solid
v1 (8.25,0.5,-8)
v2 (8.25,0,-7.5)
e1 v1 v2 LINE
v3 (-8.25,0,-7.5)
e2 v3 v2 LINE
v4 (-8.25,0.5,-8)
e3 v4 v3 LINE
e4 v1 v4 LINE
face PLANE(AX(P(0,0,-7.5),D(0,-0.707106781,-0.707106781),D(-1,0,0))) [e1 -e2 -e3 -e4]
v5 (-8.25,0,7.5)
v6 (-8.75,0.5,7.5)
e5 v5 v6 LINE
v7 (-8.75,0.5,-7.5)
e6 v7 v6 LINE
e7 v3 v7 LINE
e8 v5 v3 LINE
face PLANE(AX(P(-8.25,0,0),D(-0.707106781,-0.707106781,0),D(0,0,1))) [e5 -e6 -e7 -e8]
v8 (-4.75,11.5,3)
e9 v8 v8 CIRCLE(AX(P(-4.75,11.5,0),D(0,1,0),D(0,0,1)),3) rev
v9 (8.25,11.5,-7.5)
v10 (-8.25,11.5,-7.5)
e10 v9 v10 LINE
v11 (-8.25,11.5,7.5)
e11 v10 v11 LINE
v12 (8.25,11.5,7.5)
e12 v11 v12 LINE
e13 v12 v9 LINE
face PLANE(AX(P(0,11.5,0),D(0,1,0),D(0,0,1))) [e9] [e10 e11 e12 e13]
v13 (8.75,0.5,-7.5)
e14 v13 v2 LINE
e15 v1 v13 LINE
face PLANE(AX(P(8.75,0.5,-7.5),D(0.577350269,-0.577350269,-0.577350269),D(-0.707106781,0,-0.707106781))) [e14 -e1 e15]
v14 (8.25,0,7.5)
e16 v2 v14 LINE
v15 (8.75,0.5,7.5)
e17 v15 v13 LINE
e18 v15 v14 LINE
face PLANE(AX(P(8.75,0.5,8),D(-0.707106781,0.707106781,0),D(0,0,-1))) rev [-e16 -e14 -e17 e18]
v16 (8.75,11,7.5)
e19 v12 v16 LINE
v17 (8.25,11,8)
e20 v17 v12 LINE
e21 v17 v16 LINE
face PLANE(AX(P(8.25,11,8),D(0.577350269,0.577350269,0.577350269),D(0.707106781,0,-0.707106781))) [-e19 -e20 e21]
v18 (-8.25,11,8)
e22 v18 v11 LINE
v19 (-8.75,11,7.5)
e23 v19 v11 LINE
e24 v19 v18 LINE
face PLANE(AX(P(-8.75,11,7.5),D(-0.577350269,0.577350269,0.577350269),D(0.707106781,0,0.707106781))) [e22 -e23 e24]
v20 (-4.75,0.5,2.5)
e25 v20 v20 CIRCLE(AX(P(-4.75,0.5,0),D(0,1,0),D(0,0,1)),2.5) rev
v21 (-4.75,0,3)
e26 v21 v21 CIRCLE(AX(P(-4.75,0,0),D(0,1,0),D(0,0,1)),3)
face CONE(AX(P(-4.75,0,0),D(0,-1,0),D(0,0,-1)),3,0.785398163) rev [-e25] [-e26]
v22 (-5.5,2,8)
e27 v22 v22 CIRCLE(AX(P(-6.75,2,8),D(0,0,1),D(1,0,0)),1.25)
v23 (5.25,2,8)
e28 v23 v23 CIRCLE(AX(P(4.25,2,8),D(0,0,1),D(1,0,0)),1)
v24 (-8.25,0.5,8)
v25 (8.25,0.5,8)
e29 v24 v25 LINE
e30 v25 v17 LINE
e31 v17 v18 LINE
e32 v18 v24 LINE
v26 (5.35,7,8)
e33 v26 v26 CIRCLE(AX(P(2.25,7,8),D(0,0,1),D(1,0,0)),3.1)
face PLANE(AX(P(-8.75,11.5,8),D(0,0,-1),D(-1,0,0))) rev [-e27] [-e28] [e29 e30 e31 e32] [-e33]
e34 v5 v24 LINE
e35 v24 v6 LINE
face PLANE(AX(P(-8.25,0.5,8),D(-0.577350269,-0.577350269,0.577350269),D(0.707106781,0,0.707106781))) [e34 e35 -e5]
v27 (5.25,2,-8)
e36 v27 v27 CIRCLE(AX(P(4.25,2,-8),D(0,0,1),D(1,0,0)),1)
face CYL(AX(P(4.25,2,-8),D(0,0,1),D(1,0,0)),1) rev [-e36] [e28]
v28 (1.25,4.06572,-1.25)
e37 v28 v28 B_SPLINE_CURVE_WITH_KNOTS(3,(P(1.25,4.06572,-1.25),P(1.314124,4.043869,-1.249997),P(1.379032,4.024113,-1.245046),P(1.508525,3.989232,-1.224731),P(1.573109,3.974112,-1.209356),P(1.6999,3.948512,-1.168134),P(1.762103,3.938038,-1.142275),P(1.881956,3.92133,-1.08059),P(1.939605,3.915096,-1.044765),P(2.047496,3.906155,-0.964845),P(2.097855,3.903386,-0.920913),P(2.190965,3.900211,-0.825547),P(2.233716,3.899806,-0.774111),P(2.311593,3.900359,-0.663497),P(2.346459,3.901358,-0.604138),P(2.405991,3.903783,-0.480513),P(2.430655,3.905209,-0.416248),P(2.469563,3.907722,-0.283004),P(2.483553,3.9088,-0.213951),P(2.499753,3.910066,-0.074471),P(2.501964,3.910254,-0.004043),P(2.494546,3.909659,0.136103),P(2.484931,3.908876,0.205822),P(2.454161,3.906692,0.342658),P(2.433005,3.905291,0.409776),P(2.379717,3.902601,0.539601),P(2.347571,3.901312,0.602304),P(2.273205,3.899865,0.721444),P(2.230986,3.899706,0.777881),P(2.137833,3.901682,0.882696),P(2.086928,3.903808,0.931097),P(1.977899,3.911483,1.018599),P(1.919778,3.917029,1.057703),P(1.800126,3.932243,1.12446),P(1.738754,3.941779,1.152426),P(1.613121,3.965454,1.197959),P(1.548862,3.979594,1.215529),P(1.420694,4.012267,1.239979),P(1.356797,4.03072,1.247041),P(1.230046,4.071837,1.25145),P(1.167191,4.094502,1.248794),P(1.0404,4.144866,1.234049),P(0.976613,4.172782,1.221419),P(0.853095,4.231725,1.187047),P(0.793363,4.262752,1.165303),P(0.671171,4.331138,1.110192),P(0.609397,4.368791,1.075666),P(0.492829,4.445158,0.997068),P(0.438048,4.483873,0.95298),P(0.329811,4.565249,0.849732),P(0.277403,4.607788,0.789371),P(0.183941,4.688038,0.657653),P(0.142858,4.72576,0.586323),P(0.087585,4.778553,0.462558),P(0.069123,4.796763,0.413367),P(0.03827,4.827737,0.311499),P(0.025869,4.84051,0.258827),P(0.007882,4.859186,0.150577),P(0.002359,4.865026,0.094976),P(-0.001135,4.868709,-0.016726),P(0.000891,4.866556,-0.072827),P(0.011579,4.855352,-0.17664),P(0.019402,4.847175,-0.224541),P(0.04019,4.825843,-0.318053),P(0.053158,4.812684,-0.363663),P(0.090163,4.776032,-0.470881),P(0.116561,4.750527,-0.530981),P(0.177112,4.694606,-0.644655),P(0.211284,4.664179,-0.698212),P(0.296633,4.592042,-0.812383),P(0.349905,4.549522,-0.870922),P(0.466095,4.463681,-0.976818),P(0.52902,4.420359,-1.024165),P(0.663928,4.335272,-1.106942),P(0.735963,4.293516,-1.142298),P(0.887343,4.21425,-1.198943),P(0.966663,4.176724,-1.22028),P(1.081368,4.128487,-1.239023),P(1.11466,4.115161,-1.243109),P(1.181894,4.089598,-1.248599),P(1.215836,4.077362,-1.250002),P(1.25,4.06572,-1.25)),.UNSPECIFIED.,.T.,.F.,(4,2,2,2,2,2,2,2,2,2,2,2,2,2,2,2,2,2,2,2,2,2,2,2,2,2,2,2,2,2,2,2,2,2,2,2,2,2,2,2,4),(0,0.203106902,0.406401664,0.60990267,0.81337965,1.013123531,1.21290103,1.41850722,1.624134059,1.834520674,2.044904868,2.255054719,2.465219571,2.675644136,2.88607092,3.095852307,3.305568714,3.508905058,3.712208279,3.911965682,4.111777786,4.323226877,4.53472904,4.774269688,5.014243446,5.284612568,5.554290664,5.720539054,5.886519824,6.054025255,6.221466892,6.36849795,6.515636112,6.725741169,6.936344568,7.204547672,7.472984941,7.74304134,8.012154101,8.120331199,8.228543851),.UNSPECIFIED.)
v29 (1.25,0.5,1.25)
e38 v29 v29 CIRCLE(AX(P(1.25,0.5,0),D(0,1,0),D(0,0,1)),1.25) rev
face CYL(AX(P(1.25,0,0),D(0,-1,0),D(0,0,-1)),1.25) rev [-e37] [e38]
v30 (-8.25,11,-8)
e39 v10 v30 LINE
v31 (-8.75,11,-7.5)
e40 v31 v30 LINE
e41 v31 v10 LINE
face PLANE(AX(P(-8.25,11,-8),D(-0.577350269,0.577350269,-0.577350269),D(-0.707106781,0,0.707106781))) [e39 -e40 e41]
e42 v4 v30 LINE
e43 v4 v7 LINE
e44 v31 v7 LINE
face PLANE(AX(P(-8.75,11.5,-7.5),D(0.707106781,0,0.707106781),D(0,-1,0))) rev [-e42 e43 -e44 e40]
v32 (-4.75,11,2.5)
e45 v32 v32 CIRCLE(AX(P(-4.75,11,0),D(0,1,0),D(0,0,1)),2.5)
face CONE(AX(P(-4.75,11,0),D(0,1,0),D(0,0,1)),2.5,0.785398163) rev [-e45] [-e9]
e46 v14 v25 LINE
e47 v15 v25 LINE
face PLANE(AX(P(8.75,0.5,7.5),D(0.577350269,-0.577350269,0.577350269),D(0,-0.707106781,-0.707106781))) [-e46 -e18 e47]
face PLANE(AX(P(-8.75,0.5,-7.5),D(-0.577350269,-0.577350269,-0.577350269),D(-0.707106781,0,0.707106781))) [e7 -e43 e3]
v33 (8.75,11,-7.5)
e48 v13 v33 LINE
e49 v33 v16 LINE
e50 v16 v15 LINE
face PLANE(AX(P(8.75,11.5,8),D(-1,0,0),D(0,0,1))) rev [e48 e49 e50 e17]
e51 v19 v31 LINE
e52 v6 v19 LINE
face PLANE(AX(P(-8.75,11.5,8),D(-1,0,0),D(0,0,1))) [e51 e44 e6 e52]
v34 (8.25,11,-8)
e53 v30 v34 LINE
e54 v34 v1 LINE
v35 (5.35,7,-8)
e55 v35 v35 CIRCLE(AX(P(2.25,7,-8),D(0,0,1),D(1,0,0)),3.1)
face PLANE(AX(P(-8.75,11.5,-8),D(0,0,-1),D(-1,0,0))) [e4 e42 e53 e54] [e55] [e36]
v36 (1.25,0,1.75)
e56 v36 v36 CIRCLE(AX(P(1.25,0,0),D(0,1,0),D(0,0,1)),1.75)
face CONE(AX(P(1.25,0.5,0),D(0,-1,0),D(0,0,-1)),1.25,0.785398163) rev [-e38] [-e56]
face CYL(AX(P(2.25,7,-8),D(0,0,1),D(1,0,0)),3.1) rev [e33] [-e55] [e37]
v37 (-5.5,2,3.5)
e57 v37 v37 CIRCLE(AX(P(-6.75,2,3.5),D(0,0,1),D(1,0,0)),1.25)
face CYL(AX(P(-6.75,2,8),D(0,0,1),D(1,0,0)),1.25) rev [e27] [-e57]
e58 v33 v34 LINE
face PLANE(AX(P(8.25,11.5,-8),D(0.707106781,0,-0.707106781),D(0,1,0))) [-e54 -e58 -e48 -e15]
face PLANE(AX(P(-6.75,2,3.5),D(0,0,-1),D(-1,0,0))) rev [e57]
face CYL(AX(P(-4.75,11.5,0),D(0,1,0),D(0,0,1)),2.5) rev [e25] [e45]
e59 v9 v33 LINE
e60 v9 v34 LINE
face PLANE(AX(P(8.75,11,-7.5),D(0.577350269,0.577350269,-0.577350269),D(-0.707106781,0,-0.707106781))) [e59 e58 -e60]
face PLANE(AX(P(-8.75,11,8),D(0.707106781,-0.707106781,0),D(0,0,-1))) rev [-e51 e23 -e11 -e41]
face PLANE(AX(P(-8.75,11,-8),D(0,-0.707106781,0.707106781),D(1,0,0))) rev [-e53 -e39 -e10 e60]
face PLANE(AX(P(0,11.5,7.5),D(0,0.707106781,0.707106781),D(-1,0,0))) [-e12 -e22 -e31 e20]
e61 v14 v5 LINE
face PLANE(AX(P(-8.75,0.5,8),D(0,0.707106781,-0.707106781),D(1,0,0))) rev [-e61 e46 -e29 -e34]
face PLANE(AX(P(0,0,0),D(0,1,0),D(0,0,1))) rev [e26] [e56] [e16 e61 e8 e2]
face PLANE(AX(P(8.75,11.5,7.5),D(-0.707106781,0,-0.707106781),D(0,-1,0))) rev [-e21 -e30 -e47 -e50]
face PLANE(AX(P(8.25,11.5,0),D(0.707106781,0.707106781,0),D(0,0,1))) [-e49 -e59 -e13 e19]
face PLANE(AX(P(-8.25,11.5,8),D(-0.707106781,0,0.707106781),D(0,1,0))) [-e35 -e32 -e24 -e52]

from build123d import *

# Parameters (mm, degrees)
SKETCH1_W                       = 17.5
SKETCH1_H                       = 16
BOSS_EXTRUDE1_DEPTH             = 11.5
SKETCH2_R                       = 3.1
SKETCH2_R_2                     = 1
CUT_EXTRUDE1_DEPTH              = 17
F_2_5_2_5_DIAMETER_HOLE1_D      = 2.5
F_2_5_2_5_DIAMETER_HOLE1_DEPTH  = 4.5
TAP_DRILL_FOR_M6X1_0_TAP1_D     = 5
TAP_DRILL_FOR_M3X0_5_TAP1_D     = 2.5
TAP_DRILL_FOR_M3X0_5_TAP1_DEPTH = 6.999
TAP_DRILL_FOR_M3X0_5_TAP1_TIP   = 0.751075774
CHAMFER1_SIZE                   = 0.5


with BuildPart() as part:
    # Sketch1 → Boss-Extrude1 (new body)
    with BuildSketch(Plane(origin=(0, 0, 0), x_dir=(1, 0, 0), z_dir=(0, 1, 0))):
        Rectangle(SKETCH1_W, SKETCH1_H)
    extrude(amount=BOSS_EXTRUDE1_DEPTH)

    # Sketch2 → Cut-Extrude1 (cut, through all)
    with BuildSketch(Plane.XY.offset(8)):
        with Locations((2.25, 7)):
            Circle(SKETCH2_R)
        with Locations((4.25, 2)):
            Circle(SKETCH2_R_2)
    extrude(amount=-CUT_EXTRUDE1_DEPTH, mode=Mode.SUBTRACT)

    # Ø2.5 (2.5) Diameter Hole1
    with Locations(Plane.XY.offset(8)):
        with Locations((-6.75, 2)):
            Hole(F_2_5_2_5_DIAMETER_HOLE1_D / 2, depth=F_2_5_2_5_DIAMETER_HOLE1_DEPTH)

    # Tap Drill for M6x1.0 Tap1 (through all)
    with Locations(Plane(origin=(0, 11.5, 0), x_dir=(1, 0, 0), z_dir=(0, 1, 0))):
        with Locations((-4.75, 0)):
            Hole(TAP_DRILL_FOR_M6X1_0_TAP1_D / 2)

    # Tap Drill for M3x0.5 Tap1
    with Locations(Plane(origin=(0, 0, 0), x_dir=(-1, 0, 0), z_dir=(0, -1, 0))):
        with Locations((-1.25, 0)):
            Hole(TAP_DRILL_FOR_M3X0_5_TAP1_D / 2, depth=TAP_DRILL_FOR_M3X0_5_TAP1_DEPTH)
            with Locations((0, 0, -(TAP_DRILL_FOR_M3X0_5_TAP1_DEPTH + TAP_DRILL_FOR_M3X0_5_TAP1_TIP / 2))):  # 118° drill point
                Cone(0, TAP_DRILL_FOR_M3X0_5_TAP1_D / 2, TAP_DRILL_FOR_M3X0_5_TAP1_TIP, mode=Mode.SUBTRACT)

    # Chamfer1
    chamfer1_edges = [part.edges().sort_by_distance(p)[0] for p in [
        (0, 11.5, -8),
        (-8.75, 11.5, 0),
        (-2.25, 11.5, 0),
        (-2.25, 0, 0),
        (0, 0, 0),
        (0, 11.5, 8),
        (-8.75, 0, 0),
        (0, 0, -8),
        (8.75, 0, 0),
        (0, 0, 8),
        (8.75, 11.5, 0),
        (-8.75, 5.75, 8),
        (-8.75, 5.75, -8),
        (8.75, 5.75, -8),
        (8.75, 5.75, 8),
    ]]
    chamfer(chamfer1_edges, length=CHAMFER1_SIZE)


solid = part.part
